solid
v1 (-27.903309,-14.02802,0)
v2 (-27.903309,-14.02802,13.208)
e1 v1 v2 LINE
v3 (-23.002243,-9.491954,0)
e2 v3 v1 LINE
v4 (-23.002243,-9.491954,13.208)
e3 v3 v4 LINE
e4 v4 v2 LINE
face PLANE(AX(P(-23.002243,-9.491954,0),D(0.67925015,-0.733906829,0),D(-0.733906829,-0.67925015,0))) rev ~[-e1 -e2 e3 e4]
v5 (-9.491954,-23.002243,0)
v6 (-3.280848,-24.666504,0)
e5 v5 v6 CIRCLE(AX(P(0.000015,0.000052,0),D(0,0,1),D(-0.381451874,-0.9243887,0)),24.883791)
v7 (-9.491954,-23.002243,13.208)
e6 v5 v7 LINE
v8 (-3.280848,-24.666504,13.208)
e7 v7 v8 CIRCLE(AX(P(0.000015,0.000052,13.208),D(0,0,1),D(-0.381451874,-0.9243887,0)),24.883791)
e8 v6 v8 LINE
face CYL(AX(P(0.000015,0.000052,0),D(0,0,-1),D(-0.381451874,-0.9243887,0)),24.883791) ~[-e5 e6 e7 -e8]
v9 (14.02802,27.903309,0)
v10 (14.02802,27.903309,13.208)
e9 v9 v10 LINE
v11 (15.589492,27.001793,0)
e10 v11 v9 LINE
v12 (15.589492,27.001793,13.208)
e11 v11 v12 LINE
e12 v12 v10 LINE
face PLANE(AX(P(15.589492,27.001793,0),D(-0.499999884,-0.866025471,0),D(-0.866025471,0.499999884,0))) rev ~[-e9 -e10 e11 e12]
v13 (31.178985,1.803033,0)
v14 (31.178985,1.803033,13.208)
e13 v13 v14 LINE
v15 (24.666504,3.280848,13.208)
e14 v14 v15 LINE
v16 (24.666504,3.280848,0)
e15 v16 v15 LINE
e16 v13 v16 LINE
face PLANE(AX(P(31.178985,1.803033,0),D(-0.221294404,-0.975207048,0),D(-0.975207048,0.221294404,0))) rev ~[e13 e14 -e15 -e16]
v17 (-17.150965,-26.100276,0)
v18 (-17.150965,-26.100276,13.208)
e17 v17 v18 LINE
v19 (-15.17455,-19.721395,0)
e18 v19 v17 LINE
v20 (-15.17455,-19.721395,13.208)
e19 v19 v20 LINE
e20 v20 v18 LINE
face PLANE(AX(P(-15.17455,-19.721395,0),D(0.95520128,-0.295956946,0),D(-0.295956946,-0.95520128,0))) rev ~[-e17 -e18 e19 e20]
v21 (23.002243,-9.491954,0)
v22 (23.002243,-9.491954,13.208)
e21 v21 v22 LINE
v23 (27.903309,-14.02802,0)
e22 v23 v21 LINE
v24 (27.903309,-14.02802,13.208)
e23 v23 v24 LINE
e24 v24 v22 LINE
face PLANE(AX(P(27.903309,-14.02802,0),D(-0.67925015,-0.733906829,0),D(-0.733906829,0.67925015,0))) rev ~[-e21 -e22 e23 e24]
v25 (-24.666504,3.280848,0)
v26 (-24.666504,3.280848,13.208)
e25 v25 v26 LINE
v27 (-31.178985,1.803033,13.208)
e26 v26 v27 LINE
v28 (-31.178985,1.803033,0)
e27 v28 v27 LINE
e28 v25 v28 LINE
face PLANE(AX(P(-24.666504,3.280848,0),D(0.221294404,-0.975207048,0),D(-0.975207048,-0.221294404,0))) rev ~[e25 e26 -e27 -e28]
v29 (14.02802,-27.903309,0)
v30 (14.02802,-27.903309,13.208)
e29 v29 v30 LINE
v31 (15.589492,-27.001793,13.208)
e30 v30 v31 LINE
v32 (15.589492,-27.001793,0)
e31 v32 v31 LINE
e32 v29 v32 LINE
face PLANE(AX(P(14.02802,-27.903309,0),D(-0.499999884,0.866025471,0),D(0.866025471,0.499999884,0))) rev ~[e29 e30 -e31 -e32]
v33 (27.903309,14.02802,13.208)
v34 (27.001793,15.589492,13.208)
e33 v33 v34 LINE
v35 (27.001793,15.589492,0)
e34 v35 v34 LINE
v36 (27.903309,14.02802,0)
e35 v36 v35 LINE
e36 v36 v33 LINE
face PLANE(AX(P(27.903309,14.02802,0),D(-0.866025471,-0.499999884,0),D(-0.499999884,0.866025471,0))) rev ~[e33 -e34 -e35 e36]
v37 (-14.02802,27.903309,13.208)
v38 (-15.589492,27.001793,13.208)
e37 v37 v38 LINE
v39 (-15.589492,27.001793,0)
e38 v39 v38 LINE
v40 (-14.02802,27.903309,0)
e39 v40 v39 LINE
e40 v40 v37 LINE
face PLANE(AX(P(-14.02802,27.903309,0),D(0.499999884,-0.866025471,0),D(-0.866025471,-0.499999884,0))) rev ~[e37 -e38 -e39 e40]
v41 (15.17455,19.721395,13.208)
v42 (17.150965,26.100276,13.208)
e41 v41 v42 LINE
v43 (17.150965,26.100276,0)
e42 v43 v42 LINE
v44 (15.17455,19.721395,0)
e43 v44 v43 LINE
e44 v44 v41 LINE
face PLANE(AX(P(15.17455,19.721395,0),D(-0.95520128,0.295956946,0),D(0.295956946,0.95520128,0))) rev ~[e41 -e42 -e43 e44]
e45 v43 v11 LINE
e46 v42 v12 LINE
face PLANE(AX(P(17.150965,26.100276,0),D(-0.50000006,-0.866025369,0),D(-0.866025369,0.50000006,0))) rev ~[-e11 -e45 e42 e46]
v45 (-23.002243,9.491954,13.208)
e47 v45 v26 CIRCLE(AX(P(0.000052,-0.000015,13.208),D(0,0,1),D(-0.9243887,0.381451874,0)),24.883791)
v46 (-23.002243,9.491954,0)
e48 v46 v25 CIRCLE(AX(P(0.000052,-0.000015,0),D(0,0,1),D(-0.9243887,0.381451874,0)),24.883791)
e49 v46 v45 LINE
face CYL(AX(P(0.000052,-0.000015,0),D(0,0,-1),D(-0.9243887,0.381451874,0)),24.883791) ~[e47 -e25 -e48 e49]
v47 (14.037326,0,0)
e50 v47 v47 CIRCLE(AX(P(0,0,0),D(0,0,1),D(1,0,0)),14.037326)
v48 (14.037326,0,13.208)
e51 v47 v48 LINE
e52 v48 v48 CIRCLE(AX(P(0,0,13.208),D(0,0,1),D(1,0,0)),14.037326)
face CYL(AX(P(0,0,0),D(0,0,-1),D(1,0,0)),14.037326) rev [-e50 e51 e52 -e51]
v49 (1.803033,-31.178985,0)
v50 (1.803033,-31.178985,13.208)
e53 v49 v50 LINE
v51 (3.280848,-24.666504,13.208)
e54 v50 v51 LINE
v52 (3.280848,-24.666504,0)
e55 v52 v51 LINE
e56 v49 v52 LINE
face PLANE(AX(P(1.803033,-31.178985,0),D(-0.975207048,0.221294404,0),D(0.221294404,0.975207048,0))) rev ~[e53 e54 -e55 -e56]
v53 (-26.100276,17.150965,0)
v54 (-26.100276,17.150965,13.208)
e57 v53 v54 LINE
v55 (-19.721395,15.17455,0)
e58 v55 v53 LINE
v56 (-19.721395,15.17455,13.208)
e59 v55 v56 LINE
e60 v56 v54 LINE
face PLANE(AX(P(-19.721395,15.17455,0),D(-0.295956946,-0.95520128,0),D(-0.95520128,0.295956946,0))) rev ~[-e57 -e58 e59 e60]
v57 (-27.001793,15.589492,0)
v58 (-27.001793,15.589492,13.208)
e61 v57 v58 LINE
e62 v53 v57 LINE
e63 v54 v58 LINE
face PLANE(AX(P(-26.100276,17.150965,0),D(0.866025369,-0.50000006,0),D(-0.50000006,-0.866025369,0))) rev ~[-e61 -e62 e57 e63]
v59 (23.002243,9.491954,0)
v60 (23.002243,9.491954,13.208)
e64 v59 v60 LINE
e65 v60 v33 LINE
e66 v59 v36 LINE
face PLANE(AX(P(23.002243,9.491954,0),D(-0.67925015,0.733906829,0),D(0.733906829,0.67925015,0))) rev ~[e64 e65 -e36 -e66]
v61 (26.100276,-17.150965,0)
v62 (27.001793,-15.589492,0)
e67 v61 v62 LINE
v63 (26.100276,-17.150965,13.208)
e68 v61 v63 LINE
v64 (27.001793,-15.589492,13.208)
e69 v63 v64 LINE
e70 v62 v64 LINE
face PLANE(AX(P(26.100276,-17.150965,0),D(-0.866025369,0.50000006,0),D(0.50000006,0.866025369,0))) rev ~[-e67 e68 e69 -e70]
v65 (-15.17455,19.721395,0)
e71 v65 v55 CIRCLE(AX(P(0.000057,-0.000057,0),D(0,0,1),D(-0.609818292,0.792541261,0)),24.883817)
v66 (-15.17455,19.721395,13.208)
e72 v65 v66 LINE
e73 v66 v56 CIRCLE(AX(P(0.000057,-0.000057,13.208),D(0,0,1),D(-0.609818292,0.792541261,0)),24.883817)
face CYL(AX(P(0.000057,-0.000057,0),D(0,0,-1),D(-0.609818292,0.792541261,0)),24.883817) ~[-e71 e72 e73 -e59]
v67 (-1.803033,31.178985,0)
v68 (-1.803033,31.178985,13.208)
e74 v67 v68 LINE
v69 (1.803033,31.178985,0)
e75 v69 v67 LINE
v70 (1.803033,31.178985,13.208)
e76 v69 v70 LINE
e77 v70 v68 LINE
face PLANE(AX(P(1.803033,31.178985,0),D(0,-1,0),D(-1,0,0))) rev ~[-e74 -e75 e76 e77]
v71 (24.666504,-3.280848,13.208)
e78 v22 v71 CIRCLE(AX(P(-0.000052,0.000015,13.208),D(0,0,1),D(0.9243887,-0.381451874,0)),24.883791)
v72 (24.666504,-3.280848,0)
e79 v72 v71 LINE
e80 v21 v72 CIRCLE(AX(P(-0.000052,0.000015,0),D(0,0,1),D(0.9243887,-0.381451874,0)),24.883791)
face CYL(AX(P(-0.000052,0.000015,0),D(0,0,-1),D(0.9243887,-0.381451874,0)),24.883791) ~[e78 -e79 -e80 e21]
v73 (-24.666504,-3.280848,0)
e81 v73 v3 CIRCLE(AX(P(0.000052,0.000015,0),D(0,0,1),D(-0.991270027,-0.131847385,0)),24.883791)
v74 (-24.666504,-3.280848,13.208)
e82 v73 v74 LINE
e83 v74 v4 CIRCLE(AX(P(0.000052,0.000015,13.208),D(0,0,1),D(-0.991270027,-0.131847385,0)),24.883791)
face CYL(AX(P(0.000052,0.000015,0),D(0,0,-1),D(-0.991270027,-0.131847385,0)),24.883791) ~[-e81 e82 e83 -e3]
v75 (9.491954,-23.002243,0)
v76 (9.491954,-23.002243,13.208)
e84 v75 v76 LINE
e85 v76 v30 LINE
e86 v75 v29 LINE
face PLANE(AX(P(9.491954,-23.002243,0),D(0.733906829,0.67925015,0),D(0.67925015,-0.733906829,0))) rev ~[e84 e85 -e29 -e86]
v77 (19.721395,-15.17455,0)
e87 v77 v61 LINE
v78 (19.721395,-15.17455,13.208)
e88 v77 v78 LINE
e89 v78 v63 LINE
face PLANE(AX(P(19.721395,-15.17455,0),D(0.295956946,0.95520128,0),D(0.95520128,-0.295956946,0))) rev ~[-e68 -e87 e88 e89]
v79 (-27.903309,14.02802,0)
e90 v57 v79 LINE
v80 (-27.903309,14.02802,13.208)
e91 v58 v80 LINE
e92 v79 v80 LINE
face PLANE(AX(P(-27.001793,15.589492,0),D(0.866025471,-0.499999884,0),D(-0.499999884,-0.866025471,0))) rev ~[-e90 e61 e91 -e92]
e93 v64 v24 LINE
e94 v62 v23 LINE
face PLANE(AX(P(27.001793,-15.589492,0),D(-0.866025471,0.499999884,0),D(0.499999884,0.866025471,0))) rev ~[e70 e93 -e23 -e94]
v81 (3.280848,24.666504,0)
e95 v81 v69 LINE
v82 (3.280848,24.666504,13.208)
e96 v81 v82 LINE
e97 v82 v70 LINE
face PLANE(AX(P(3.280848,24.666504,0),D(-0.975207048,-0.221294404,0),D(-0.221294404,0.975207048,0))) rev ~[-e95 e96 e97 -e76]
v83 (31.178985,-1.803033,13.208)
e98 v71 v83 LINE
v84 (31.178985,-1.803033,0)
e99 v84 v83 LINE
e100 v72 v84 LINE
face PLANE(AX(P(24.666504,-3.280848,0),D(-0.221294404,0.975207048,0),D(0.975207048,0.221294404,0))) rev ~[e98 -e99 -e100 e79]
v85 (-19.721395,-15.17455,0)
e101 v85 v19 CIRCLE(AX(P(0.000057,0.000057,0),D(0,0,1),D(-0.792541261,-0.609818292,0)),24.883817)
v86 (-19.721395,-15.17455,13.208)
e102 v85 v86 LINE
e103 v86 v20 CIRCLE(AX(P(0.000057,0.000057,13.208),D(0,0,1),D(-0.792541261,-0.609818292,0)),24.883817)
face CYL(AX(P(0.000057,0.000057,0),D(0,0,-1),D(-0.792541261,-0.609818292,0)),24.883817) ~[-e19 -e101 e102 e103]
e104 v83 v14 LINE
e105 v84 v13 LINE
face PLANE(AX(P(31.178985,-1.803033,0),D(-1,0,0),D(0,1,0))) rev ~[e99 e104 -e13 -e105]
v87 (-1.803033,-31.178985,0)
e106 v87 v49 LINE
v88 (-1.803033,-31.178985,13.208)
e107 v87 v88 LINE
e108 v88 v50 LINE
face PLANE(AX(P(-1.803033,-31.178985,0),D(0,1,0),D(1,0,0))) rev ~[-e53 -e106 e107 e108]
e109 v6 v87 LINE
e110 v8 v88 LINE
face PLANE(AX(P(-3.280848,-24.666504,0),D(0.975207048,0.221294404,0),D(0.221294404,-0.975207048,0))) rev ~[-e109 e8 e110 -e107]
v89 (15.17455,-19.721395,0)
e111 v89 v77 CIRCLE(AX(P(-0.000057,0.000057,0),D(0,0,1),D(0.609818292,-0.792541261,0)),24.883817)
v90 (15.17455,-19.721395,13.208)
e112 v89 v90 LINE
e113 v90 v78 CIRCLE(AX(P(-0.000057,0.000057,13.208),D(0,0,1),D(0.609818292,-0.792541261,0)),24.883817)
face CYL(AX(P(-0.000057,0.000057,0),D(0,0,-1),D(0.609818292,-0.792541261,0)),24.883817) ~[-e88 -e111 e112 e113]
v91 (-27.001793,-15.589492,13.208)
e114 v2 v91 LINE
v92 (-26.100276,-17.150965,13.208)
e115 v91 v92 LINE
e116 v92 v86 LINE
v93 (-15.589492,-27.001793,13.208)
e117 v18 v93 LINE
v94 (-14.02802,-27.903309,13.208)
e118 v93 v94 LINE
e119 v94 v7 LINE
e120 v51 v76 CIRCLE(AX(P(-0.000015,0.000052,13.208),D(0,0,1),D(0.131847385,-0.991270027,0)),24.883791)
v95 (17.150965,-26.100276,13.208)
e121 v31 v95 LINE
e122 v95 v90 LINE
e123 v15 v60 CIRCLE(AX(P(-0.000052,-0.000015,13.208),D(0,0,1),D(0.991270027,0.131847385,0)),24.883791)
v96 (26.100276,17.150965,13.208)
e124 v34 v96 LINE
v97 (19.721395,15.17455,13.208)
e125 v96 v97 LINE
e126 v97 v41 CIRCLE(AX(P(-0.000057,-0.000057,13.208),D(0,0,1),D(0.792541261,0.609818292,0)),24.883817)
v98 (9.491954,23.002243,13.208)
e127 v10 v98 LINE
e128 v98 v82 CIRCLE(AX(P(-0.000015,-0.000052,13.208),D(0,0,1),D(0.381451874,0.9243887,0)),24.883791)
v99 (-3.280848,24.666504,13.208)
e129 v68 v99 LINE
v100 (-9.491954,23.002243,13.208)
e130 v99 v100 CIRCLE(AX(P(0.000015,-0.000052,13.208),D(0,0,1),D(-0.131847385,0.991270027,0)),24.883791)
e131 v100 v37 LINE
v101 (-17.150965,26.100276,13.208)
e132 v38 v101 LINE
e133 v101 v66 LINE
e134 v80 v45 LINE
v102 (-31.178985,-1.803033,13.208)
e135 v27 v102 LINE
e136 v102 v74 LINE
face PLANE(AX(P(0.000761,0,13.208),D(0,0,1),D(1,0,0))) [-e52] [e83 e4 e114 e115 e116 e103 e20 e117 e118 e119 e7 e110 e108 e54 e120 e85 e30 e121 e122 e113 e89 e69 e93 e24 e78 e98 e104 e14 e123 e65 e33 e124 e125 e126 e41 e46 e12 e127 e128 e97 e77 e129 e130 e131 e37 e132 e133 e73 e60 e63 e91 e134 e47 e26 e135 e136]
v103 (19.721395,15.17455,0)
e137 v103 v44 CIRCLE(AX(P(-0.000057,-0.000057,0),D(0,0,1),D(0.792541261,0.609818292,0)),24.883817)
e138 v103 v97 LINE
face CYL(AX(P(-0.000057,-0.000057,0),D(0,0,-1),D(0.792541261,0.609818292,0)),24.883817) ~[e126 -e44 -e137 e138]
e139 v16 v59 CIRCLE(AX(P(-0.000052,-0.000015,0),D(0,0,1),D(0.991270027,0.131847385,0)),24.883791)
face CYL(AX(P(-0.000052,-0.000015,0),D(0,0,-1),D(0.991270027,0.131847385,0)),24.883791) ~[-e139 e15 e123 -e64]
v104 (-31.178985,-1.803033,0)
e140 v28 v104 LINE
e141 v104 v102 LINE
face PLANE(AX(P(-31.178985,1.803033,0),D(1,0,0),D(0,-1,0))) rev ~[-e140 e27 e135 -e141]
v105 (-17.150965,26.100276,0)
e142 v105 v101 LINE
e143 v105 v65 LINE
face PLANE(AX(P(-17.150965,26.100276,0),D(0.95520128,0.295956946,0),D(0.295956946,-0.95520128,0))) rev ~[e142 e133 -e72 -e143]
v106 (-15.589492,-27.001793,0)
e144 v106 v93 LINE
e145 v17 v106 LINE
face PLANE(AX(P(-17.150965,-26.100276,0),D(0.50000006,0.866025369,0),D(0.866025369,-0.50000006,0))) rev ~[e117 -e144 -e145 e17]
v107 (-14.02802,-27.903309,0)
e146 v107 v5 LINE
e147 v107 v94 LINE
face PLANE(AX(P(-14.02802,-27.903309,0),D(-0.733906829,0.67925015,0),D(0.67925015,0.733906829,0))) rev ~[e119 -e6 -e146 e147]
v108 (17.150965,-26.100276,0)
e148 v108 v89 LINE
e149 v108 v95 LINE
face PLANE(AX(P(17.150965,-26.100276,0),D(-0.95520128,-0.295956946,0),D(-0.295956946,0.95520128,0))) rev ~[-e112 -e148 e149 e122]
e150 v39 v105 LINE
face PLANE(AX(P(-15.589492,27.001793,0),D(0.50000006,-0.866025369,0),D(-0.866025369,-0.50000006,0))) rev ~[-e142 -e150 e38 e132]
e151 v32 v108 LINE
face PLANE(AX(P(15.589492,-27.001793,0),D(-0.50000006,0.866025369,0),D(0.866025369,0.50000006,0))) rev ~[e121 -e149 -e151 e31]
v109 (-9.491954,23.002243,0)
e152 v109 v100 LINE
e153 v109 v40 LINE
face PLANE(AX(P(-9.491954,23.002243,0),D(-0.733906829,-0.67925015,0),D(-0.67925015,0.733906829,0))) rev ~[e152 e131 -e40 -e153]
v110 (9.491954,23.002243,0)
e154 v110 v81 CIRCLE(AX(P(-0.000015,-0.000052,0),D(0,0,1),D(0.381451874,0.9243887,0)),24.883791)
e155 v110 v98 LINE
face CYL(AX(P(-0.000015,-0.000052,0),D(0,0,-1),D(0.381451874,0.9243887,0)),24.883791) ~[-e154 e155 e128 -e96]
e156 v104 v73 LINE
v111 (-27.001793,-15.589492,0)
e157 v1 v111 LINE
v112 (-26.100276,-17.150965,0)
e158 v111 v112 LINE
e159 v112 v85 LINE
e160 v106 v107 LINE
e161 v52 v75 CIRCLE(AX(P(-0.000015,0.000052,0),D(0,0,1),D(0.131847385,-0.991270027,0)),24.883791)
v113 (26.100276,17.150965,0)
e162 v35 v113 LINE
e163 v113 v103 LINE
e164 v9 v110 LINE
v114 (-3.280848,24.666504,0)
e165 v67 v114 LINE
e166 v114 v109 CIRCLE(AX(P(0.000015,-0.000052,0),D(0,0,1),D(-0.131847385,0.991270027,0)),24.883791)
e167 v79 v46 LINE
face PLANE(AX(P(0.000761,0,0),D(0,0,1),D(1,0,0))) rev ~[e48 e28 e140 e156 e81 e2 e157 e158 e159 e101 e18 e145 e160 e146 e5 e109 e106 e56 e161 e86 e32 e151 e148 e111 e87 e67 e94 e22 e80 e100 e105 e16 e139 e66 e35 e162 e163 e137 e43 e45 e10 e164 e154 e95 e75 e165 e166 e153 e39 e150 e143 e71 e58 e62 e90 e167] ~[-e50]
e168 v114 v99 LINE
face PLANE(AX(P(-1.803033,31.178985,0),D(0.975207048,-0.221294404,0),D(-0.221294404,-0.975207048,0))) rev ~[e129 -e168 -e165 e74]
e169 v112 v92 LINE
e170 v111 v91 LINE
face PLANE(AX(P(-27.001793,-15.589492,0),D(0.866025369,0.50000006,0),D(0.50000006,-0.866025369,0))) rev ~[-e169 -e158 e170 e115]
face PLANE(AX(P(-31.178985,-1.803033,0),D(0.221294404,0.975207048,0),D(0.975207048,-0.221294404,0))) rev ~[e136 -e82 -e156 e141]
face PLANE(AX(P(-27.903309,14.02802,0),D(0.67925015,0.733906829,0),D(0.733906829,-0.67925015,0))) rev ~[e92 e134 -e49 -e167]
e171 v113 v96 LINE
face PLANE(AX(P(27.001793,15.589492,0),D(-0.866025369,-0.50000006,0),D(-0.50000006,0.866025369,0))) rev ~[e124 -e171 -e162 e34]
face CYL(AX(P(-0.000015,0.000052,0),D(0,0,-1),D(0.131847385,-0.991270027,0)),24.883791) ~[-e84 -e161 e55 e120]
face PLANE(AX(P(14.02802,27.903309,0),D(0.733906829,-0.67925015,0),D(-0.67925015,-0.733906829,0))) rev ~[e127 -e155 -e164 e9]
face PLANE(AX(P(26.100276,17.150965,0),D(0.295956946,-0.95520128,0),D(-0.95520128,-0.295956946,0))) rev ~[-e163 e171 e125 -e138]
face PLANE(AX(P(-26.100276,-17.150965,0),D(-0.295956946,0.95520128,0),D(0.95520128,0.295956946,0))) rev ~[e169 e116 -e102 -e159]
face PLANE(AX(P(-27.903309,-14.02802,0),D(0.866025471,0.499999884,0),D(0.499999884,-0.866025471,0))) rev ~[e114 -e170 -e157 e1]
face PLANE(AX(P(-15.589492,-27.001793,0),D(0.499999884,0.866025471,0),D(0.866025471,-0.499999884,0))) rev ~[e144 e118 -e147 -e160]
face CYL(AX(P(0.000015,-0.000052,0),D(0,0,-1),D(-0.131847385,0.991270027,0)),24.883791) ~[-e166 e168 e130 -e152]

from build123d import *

# Parameters (mm, degrees)
F0_R     = 14.037326
F1_DEPTH = 13.208


with BuildPart() as f1:
    # F0 (on Top) → F1 (new body)
    with BuildSketch(Plane.XY):
        with BuildLine():
            ThreePointArc((24.666504, -3.280848), (24.82937, -1.644016), (24.883737, 0))
            ThreePointArc((24.883737, 0), (24.82937, 1.644016), (24.666504, 3.280848))
            ThreePointArc((24.666504, 3.280848), (24.035844, 6.440385), (23.002243, 9.491954))
            ThreePointArc((23.002243, 9.491954), (21.549949, 12.441869), (19.721395, 15.17455))
            ThreePointArc((19.721395, 15.17455), (17.595459, 17.595459), (15.17455, 19.721395))
            ThreePointArc((15.17455, 19.721395), (12.441869, 21.549949), (9.491954, 23.002243))
            ThreePointArc((9.491954, 23.002243), (6.440385, 24.035844), (3.280848, 24.666504))
            ThreePointArc((3.280848, 24.666504), (0, 24.883737), (-3.280848, 24.666504))
            ThreePointArc((-3.280848, 24.666504), (-6.440385, 24.035844), (-9.491954, 23.002243))
            ThreePointArc((-9.491954, 23.002243), (-12.441869, 21.549949), (-15.17455, 19.721395))
            ThreePointArc((-15.17455, 19.721395), (-17.595459, 17.595459), (-19.721395, 15.17455))
            ThreePointArc((-19.721395, 15.17455), (-21.549949, 12.441869), (-23.002243, 9.491954))
            ThreePointArc((-23.002243, 9.491954), (-24.035844, 6.440385), (-24.666504, 3.280848))
            ThreePointArc((-24.666504, 3.280848), (-24.883737, 0), (-24.666504, -3.280848))
            ThreePointArc((-24.666504, -3.280848), (-24.035844, -6.440385), (-23.002243, -9.491954))
            ThreePointArc((-23.002243, -9.491954), (-21.549949, -12.441869), (-19.721395, -15.17455))
            ThreePointArc((-19.721395, -15.17455), (-17.595459, -17.595459), (-15.17455, -19.721395))
            ThreePointArc((-15.17455, -19.721395), (-12.441869, -21.549949), (-9.491954, -23.002243))
            ThreePointArc((-9.491954, -23.002243), (-6.440385, -24.035844), (-3.280848, -24.666504))
            ThreePointArc((-3.280848, -24.666504), (0, -24.883737), (3.280848, -24.666504))
            ThreePointArc((3.280848, -24.666504), (6.440385, -24.035844), (9.491954, -23.002243))
            ThreePointArc((9.491954, -23.002243), (12.441869, -21.549949), (15.17455, -19.721395))
            ThreePointArc((15.17455, -19.721395), (17.595459, -17.595459), (19.721395, -15.17455))
            ThreePointArc((19.721395, -15.17455), (21.549949, -12.441869), (23.002243, -9.491954))
            ThreePointArc((23.002243, -9.491954), (24.035844, -6.440385), (24.666504, -3.280848))
        make_face()
        Circle(F0_R, mode=Mode.SUBTRACT)
        with BuildLine():
            ThreePointArc((24.666504, 3.280848), (24.82937, 1.644016), (24.883737, 0))
            ThreePointArc((24.883737, 0), (24.82937, -1.644016), (24.666504, -3.280848))
            Line((24.666504, -3.280848), (31.178985, -1.803033))
            Line((31.178985, -1.803033), (31.178985, 0))
            Line((31.178985, 0), (31.178985, 1.803033))
            Line((31.178985, 1.803033), (24.666504, 3.280848))
        make_face()
        with BuildLine():
            ThreePointArc((19.721395, 15.17455), (21.549949, 12.441869), (23.002243, 9.491954))
            Line((23.002243, 9.491954), (27.903309, 14.02802))
            Line((27.903309, 14.02802), (27.001793, 15.589492))
            Line((27.001793, 15.589492), (26.100276, 17.150965))
            Line((26.100276, 17.150965), (19.721395, 15.17455))
        make_face()
        with BuildLine():
            Line((27.903309, -14.02802), (23.002243, -9.491954))
            ThreePointArc((23.002243, -9.491954), (21.549949, -12.441869), (19.721395, -15.17455))
            Line((19.721395, -15.17455), (26.100276, -17.150965))
            Line((26.100276, -17.150965), (27.001793, -15.589492))
            Line((27.001793, -15.589492), (27.903309, -14.02802))
        make_face()
        with BuildLine():
            ThreePointArc((9.491954, 23.002243), (12.441869, 21.549949), (15.17455, 19.721395))
            Line((15.17455, 19.721395), (17.150965, 26.100276))
            Line((17.150965, 26.100276), (15.589492, 27.001793))
            Line((15.589492, 27.001793), (14.02802, 27.903309))
            Line((14.02802, 27.903309), (9.491954, 23.002243))
        make_face()
        with BuildLine():
            Line((17.150965, -26.100276), (15.17455, -19.721395))
            ThreePointArc((15.17455, -19.721395), (12.441869, -21.549949), (9.491954, -23.002243))
            Line((9.491954, -23.002243), (14.02802, -27.903309))
            Line((14.02802, -27.903309), (15.589492, -27.001793))
            Line((15.589492, -27.001793), (17.150965, -26.100276))
        make_face()
        with BuildLine():
            ThreePointArc((-3.280848, 24.666504), (0, 24.883737), (3.280848, 24.666504))
            Line((3.280848, 24.666504), (1.803033, 31.178985))
            Line((1.803033, 31.178985), (0, 31.178985))
            Line((0, 31.178985), (-1.803033, 31.178985))
            Line((-1.803033, 31.178985), (-3.280848, 24.666504))
        make_face()
        with BuildLine():
            Line((1.803033, -31.178985), (3.280848, -24.666504))
            ThreePointArc((3.280848, -24.666504), (0, -24.883737), (-3.280848, -24.666504))
            Line((-3.280848, -24.666504), (-1.803033, -31.178985))
            Line((-1.803033, -31.178985), (0, -31.178985))
            Line((0, -31.178985), (1.803033, -31.178985))
        make_face()
        with BuildLine():
            ThreePointArc((-15.17455, 19.721395), (-12.441869, 21.549949), (-9.491954, 23.002243))
            Line((-9.491954, 23.002243), (-14.02802, 27.903309))
            Line((-14.02802, 27.903309), (-15.589492, 27.001793))
            Line((-15.589492, 27.001793), (-17.150965, 26.100276))
            Line((-17.150965, 26.100276), (-15.17455, 19.721395))
        make_face()
        with BuildLine():
            Line((-14.02802, -27.903309), (-9.491954, -23.002243))
            ThreePointArc((-9.491954, -23.002243), (-12.441869, -21.549949), (-15.17455, -19.721395))
            Line((-15.17455, -19.721395), (-17.150965, -26.100276))
            Line((-17.150965, -26.100276), (-15.589492, -27.001793))
            Line((-15.589492, -27.001793), (-14.02802, -27.903309))
        make_face()
        with BuildLine():
            ThreePointArc((-23.002243, 9.491954), (-21.549949, 12.441869), (-19.721395, 15.17455))
            Line((-19.721395, 15.17455), (-26.100276, 17.150965))
            Line((-26.100276, 17.150965), (-27.001793, 15.589492))
            Line((-27.001793, 15.589492), (-27.903309, 14.02802))
            Line((-27.903309, 14.02802), (-23.002243, 9.491954))
        make_face()
        with BuildLine():
            Line((-26.100276, -17.150965), (-19.721395, -15.17455))
            ThreePointArc((-19.721395, -15.17455), (-21.549949, -12.441869), (-23.002243, -9.491954))
            Line((-23.002243, -9.491954), (-27.903309, -14.02802))
            Line((-27.903309, -14.02802), (-27.001793, -15.589492))
            Line((-27.001793, -15.589492), (-26.100276, -17.150965))
        make_face()
        with BuildLine():
            ThreePointArc((-24.666504, -3.280848), (-24.883737, 0), (-24.666504, 3.280848))
            Line((-24.666504, 3.280848), (-31.178985, 1.803033))
            Line((-31.178985, 1.803033), (-31.178985, 0))
            Line((-31.178985, 0), (-31.178985, -1.803033))
            Line((-31.178985, -1.803033), (-24.666504, -3.280848))
        make_face()
    extrude(amount=F1_DEPTH)


solid = f1.part
